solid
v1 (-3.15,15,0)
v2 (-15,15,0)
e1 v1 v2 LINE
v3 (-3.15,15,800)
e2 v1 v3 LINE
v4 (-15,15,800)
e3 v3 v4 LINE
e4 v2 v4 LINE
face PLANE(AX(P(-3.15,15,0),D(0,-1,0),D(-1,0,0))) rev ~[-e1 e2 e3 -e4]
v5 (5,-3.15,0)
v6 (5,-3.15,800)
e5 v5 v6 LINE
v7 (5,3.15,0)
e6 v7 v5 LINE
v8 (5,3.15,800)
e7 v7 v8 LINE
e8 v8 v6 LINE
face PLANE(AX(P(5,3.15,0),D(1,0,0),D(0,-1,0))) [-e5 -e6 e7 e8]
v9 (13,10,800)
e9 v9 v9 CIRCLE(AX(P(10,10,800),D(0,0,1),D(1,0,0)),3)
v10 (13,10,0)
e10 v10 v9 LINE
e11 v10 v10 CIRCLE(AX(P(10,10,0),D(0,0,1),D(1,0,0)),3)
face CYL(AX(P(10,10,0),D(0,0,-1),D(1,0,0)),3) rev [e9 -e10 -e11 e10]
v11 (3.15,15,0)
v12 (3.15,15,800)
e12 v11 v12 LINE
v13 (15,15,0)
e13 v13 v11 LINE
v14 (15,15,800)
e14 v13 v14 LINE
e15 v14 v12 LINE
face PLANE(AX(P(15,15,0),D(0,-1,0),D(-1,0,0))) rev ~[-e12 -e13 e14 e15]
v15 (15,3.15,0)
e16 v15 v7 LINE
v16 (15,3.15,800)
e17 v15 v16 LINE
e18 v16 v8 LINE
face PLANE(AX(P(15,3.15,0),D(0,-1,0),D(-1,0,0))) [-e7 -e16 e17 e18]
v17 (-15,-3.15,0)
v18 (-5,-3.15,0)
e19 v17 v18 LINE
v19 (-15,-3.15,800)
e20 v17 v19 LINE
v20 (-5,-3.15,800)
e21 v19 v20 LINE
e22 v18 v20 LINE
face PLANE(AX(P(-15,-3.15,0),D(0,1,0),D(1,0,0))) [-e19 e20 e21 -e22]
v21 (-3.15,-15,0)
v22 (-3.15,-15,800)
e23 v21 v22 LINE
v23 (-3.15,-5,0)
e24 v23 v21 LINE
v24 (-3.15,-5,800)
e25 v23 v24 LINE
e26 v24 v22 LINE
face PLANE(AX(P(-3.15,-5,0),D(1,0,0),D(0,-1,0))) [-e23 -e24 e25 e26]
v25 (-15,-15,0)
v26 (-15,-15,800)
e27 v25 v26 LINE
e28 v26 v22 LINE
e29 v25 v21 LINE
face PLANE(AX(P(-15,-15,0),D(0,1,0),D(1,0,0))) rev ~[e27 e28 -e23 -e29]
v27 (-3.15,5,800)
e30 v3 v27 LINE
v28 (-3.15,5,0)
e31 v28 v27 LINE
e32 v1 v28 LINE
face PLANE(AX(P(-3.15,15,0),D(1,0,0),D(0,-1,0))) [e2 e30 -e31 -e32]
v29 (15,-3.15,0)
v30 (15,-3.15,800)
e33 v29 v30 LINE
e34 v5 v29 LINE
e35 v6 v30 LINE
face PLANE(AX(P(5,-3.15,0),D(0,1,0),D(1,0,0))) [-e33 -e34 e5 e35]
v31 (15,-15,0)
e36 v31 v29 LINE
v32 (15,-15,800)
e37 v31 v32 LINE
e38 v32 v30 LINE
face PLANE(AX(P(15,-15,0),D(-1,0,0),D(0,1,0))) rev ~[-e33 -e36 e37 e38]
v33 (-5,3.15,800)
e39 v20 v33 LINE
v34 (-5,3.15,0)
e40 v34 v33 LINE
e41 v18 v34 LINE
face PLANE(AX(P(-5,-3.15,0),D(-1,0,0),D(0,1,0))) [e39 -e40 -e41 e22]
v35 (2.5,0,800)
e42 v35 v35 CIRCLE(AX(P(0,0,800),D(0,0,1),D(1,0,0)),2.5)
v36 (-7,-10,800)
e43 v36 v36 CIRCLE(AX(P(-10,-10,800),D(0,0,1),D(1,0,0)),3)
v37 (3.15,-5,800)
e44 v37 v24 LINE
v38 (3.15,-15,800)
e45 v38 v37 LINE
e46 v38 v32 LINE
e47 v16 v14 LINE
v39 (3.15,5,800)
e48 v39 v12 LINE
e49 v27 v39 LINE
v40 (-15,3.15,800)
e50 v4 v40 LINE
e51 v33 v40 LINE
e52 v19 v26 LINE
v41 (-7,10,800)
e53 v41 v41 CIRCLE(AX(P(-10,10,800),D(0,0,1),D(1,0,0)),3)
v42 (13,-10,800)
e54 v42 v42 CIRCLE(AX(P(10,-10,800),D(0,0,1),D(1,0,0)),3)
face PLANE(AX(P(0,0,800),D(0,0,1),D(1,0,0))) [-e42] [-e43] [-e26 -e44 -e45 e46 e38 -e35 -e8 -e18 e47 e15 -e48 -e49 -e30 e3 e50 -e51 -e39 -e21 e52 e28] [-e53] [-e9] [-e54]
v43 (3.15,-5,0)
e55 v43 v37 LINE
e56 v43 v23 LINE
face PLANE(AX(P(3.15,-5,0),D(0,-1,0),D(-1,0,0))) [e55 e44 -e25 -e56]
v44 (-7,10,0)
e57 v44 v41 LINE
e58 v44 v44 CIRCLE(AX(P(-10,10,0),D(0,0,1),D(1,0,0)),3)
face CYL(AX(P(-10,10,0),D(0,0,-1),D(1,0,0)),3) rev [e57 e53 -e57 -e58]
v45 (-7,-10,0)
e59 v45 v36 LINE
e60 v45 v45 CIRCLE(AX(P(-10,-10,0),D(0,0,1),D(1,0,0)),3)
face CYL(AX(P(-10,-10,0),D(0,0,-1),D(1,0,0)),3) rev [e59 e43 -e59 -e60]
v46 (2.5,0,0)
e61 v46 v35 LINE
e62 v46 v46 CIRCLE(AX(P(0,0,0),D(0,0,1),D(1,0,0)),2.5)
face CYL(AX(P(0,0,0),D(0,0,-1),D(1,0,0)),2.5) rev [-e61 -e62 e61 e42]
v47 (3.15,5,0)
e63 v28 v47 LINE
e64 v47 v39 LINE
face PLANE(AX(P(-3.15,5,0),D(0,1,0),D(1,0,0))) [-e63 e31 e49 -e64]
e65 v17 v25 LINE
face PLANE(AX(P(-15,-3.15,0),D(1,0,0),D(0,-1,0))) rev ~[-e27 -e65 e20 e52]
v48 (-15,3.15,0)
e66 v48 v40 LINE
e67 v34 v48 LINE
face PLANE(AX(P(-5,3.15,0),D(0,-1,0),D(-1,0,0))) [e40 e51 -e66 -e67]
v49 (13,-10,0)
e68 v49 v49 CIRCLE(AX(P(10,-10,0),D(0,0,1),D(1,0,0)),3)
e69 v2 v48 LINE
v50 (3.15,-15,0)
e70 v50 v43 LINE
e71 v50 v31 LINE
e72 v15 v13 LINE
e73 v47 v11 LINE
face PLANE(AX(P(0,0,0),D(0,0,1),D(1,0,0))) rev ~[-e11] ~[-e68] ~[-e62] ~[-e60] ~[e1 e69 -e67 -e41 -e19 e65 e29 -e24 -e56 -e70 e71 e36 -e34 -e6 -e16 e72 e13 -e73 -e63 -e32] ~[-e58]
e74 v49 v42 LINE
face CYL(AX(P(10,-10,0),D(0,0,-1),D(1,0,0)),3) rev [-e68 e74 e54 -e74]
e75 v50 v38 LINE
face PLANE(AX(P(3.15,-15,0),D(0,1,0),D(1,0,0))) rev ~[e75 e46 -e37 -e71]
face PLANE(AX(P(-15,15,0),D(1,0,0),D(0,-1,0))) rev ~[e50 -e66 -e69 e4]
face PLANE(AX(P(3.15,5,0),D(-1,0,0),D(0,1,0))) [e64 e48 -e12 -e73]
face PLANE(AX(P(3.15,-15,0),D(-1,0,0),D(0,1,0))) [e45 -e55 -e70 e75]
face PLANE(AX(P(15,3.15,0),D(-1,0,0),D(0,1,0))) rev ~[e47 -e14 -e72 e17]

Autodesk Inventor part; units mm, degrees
ref_plane "YZ Plane" through (0, 0, 0) normal (1, 0, 0) x (0, 1, 0)
ref_plane "XZ Plane" through (0, 0, 0) normal (0, 1, 0) x (-1, 0, 0)
ref_plane "XY Plane" through (0, 0, 0) normal (0, 0, 1) x (1, 0, 0)
sketch "스케치1" plane through (0, 0, 0) normal (0, 0, 1) x (1, 0, 0)
  line L0 (15, 15) -> (-15, 15)
  line L1 (-15, 15) -> (-15, -15)
  line L2 (-15, -15) -> (15, -15)
  line L3 (15, -15) -> (15, 15)
  circle A0 centre (0, 0) radius 2.5
  circle A1 centre (-10, 10) radius 3
  circle A2 centre (10, 10) radius 3
  circle A3 centre (10, -10) radius 3
  circle A4 centre (-10, -10) radius 3
  line L4 (3.15, 15) -> (-3.15, 15)
  line L5 (-3.15, 15) -> (-3.15, 5)
  line L6 (-3.15, 5) -> (3.15, 5)
  line L7 (3.15, 5) -> (3.15, 15)
  line L8 (-15, -3.15) -> (-5, -3.15)
  line L9 (-5, 3.15) -> (-15, 3.15)
  line L10 (-5, -3.15) -> (-5, 3.15)
  line L11 (-15, 3.15) -> (-15, -3.15)
  line L12 (3.15, -15) -> (3.15, -5)
  line L13 (-3.15, -5) -> (-3.15, -15)
  line L14 (3.15, -5) -> (-3.15, -5)
  line L15 (-3.15, -15) -> (3.15, -15)
  line L16 (15, 3.15) -> (5, 3.15)
  line L17 (5, -3.15) -> (15, -3.15)
  line L18 (5, 3.15) -> (5, -3.15)
  line L19 (15, -3.15) -> (15, 3.15)
  dimension "d0" = 30
  dimension "d1" = 15
  dimension "d2" = 30
  dimension "d3" = 15
  dimension "d4" = 20
  dimension "d5" = 10
  dimension "d6" = 20
  dimension "d7" = 10
  dimension "d8" = 20
  dimension "d9" = 20
  dimension "d10" = 10
  dimension "d11" = 10
  dimension "d12" = 6
  dimension "d13" = 6
  dimension "d14" = 6
  dimension "d15" = 6
  dimension "d16" = 5
  dimension "d17" = 0
  dimension "d18" = 6.3
  dimension "d19" = 3.15
  dimension "d20" = 10
  dimension "d23" = 360
extrude "돌출1" add sketch "스케치1" along normal blind 800 contours L3 L16 L18 L17 L2 L12 L14 L13 L1 L8 L10 L9 L0 L5 L6 L7
equation "\"TransitionRadius\" = BendRadius"
equation "\"BendRadius\" = 0.5"
properties part number "303080"
